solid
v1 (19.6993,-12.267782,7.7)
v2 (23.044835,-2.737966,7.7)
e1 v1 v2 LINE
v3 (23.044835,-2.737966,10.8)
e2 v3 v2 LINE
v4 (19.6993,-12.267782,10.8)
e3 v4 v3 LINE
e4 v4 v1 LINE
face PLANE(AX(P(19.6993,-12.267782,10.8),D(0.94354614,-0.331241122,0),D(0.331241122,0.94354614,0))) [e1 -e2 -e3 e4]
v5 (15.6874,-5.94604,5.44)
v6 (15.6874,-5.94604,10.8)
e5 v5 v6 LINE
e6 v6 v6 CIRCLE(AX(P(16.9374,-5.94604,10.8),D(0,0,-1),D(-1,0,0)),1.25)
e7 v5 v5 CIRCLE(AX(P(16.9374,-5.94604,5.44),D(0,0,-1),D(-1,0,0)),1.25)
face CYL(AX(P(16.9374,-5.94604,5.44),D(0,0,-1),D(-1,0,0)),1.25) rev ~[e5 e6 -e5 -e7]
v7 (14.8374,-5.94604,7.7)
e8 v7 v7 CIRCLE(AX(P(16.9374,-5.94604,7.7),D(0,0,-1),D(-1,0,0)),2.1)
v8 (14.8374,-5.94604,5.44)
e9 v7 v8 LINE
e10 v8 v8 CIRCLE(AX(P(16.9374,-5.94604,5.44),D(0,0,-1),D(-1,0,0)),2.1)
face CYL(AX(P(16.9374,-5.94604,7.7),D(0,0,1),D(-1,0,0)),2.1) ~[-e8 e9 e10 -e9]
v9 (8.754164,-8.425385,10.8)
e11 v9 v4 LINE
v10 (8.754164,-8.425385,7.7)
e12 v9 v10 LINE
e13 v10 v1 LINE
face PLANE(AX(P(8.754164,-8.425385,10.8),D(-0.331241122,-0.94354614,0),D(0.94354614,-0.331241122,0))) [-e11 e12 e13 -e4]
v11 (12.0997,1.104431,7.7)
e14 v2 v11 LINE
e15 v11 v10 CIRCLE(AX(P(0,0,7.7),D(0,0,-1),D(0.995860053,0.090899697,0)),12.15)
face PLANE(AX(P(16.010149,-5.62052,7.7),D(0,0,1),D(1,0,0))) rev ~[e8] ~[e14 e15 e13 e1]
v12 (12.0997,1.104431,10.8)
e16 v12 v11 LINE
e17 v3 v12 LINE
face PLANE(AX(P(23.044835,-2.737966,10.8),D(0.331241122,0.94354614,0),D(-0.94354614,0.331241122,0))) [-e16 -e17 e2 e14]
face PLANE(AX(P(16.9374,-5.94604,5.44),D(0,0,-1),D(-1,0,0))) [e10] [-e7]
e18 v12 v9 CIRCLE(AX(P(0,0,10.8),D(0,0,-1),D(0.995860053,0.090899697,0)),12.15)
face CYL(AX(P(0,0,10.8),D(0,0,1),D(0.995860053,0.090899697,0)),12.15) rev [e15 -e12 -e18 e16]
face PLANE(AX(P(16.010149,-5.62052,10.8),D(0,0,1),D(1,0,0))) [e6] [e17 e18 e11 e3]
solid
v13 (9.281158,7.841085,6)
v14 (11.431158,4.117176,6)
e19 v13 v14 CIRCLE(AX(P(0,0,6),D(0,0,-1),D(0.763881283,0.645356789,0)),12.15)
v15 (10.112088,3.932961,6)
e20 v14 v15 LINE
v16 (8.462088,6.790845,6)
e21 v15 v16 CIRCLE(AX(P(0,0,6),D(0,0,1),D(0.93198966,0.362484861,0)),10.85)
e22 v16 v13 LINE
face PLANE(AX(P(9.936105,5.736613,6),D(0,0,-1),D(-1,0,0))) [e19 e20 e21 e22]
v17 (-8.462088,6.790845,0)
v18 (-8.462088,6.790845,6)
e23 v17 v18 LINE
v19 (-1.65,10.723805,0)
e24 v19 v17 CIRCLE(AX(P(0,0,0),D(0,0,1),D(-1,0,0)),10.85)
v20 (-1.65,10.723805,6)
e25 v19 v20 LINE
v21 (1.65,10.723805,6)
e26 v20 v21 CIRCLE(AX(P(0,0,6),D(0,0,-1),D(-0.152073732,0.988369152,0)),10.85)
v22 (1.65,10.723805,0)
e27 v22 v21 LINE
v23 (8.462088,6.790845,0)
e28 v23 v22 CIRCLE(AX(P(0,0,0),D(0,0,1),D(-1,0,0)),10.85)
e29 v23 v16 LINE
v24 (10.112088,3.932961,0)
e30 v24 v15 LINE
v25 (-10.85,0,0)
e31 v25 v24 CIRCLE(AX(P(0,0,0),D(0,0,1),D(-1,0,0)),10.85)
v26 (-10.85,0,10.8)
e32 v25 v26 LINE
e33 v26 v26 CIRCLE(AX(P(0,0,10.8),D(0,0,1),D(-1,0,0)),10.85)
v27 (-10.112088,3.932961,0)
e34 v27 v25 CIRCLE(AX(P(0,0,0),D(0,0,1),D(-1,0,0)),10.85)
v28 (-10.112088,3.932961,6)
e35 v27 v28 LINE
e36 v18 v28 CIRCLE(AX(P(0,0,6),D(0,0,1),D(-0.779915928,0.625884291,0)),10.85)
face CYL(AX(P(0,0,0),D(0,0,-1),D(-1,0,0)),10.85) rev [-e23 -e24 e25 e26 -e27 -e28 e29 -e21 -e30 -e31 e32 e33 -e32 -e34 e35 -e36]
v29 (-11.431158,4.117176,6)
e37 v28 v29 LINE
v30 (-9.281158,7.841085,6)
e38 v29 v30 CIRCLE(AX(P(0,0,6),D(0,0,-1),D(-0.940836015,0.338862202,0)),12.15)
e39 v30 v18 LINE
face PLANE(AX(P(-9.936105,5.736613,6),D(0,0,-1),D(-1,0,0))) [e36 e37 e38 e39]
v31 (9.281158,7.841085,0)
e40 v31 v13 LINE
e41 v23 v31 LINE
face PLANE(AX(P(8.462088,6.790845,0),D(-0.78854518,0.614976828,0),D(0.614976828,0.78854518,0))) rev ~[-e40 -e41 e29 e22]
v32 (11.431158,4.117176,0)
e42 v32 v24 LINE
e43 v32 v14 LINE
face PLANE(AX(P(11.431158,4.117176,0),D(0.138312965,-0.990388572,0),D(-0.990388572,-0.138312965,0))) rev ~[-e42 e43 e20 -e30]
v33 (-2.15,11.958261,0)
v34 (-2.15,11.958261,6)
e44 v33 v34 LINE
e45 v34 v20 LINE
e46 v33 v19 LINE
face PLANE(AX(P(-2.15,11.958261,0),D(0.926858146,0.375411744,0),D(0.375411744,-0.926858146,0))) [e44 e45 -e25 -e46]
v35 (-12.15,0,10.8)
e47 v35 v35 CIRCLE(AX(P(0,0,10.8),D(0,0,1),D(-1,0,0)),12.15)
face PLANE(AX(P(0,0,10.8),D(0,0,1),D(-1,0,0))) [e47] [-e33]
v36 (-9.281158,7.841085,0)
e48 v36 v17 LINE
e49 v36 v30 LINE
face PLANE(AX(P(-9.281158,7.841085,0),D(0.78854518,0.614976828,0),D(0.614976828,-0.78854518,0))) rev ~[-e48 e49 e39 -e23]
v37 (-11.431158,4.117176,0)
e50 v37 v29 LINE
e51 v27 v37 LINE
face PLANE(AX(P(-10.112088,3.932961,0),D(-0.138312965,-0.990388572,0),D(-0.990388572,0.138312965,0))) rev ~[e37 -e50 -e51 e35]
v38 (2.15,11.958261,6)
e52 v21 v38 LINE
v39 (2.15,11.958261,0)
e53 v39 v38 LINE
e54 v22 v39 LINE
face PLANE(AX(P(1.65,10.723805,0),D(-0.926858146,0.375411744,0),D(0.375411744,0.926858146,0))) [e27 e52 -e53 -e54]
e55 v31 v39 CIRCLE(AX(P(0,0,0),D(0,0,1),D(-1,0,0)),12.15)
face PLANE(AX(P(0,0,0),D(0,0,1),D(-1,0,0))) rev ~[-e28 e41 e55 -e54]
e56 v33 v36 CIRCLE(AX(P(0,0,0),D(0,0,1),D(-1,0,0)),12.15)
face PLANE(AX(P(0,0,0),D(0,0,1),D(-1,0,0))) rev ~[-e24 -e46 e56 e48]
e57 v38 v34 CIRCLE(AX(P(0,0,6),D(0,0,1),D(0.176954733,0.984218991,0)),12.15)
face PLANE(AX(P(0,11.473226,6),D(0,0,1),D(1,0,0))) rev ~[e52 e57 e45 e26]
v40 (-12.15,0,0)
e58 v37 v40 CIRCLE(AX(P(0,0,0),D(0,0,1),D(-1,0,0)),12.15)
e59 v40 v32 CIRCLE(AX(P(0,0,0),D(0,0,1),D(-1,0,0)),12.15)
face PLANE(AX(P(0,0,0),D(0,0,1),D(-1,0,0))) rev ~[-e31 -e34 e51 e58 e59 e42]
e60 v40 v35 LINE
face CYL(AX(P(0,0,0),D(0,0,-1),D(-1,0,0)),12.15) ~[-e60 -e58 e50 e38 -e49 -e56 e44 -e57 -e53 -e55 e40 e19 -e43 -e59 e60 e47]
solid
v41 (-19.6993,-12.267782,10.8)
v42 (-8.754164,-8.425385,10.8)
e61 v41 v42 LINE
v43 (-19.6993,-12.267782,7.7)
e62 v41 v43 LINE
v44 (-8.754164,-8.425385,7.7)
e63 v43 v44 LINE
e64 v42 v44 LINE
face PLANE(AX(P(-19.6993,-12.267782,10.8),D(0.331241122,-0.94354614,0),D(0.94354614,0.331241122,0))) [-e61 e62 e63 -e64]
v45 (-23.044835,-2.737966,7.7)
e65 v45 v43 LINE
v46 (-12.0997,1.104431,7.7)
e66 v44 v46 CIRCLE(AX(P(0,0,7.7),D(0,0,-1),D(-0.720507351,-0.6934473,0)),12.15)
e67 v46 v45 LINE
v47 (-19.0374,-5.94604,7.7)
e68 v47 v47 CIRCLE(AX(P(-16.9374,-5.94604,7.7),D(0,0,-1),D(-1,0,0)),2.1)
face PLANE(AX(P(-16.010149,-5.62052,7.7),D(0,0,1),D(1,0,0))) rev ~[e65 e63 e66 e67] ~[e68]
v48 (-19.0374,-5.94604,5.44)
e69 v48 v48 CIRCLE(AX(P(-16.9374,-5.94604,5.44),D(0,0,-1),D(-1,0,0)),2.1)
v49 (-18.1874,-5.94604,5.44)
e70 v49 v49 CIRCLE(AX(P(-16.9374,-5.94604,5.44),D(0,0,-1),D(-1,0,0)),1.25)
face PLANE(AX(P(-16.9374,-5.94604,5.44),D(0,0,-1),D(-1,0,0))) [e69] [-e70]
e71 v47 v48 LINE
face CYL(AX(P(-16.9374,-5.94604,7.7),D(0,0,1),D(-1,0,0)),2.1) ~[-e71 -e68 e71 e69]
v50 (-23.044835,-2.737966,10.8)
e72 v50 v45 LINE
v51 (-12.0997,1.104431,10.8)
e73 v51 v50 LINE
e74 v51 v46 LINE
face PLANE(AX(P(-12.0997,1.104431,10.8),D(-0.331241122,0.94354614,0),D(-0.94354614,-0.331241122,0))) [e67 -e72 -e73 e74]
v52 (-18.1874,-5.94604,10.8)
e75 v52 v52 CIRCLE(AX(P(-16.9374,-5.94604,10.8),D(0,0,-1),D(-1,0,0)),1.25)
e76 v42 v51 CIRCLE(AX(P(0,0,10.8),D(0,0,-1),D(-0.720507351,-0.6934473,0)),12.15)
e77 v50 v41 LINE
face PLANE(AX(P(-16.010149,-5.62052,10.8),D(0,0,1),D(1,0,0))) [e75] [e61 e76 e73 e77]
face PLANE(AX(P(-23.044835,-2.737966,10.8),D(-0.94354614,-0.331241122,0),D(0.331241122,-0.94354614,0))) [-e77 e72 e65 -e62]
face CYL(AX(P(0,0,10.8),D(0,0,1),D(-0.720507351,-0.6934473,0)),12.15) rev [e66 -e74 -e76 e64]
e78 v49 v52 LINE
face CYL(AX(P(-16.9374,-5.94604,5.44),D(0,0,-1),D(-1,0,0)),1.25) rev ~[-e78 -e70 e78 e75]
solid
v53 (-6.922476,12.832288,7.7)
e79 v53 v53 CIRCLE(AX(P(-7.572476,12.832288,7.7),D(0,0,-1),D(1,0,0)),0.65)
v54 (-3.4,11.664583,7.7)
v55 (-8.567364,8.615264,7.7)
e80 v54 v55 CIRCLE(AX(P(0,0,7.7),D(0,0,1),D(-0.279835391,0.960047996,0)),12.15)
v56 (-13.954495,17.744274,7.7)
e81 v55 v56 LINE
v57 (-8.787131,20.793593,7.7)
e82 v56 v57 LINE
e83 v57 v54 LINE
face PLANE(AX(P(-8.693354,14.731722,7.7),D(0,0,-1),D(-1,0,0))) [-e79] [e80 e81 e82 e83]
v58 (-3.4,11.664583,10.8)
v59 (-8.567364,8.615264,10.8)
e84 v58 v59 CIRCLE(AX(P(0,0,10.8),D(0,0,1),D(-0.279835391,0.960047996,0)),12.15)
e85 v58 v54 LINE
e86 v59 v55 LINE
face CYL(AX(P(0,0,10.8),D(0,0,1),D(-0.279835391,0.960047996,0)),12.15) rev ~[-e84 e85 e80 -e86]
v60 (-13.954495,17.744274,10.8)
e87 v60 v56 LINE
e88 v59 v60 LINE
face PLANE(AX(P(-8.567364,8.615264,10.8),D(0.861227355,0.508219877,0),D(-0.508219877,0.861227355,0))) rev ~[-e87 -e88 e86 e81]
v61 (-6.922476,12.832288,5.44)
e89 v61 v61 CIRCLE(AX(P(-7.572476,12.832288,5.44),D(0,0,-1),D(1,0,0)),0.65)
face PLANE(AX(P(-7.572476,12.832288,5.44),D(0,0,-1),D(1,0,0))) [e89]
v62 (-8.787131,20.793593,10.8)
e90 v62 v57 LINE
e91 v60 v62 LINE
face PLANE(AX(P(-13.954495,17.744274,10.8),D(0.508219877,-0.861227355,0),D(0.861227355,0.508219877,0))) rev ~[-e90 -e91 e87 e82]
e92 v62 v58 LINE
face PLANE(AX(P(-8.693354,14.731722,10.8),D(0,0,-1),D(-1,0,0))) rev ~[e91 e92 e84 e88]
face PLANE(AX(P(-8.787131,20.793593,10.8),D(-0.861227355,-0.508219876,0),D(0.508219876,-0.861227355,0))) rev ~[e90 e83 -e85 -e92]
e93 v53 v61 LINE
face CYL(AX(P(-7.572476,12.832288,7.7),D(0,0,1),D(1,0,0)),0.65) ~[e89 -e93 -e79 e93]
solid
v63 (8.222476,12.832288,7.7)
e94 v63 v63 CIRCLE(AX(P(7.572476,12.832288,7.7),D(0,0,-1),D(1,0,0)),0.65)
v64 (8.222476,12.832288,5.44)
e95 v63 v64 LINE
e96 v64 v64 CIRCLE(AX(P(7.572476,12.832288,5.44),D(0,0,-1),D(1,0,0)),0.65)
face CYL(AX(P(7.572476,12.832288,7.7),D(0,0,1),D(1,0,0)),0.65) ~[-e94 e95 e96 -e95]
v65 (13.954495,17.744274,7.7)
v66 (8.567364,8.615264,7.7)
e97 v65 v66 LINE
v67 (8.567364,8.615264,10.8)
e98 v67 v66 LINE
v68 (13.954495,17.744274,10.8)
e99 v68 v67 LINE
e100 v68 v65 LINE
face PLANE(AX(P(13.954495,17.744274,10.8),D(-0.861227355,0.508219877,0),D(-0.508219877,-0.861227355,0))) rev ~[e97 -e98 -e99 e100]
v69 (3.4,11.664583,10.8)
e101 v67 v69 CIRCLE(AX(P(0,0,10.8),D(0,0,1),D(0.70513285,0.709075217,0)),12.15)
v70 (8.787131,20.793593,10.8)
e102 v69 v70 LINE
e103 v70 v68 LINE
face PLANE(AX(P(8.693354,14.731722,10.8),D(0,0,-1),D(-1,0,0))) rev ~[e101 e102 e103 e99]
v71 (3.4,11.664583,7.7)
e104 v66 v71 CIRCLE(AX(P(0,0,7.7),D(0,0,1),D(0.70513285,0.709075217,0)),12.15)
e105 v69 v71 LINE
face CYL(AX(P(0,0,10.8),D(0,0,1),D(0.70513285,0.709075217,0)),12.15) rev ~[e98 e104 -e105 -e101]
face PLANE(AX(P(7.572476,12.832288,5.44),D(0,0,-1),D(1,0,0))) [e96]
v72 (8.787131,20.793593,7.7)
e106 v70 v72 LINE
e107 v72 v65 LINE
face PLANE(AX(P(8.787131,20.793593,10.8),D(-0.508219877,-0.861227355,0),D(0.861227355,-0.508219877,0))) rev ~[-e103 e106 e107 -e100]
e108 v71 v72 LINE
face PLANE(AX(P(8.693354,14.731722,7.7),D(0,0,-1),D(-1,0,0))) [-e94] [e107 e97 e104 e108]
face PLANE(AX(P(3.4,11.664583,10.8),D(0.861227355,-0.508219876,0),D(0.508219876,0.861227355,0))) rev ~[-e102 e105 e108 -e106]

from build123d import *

# Parameters (mm, degrees)
IZIM1_R                       = 12.15
IZIM1_R_2                     = 10.85
Y_KSEKLIK_EKSTR_ZYON2_DEPTH   = 10.8
KES_EKSTR_ZYON1_DEPTH         = 6
Y_KSEKLIK_EKSTR_ZYON3_DEPTH   = 3.1
Y_KSEKLIK_EKSTR_ZYON3_2_DEPTH = 3.1
Y_KSEKLIK_EKSTR_ZYON3_3_DEPTH = 3.1
Y_KSEKLIK_EKSTR_ZYON3_4_DEPTH = 3.1
IZIM4_R                       = 0.65
IZIM4_R_2                     = 2.1
Y_KSEKLIK_EKSTR_ZYON4_DEPTH   = 2.26
IZIM5_R                       = 1.25
KES_EKSTR_ZYON2_DEPTH         = 5.36


with BuildPart() as part:
    # Çizim1 → Yükseklik-Ekstrüzyon2 (new body)
    with BuildSketch(Plane.XY):
        with Locations(Location((0, 0, 0), (0, 0, 180))):
            Circle(IZIM1_R)
        with Locations(Location((0, 0, 0), (0, 0, 180))):
            Circle(IZIM1_R_2, mode=Mode.SUBTRACT)
    extrude(amount=Y_KSEKLIK_EKSTR_ZYON2_DEPTH)

    # Çizim2 → Kes-Ekstrüzyon1 (cut)
    with BuildSketch(Plane.XY):
        with BuildLine():
            Line((1.65, 10.723805295), (2.15, 11.958260743))
            ThreePointArc((2.15, 11.958260743), (0, 12.15), (-2.15, 11.958260743))
            Line((-2.15, 11.958260743), (-1.65, 10.723805295))
            ThreePointArc((-1.65, 10.723805295), (0, 10.85), (1.65, 10.723805295))
        make_face()
        with BuildLine():
            Line((8.462087811, 6.790844564), (9.281157589, 7.84108499))
            ThreePointArc((9.281157589, 7.84108499), (10.522208656, 6.075), (11.431157589, 4.117175753))
            Line((11.431157589, 4.117175753), (10.112087811, 3.932960731))
            ThreePointArc((10.112087811, 3.932960731), (9.396375631, 5.425), (8.462087811, 6.790844564))
        make_face()
        with BuildLine():
            Line((-10.112087811, 3.932960731), (-11.431157589, 4.117175753))
            ThreePointArc((-11.431157589, 4.117175753), (-10.522208656, 6.075), (-9.281157589, 7.84108499))
            Line((-9.281157589, 7.84108499), (-8.462087811, 6.790844564))
            ThreePointArc((-8.462087811, 6.790844564), (-9.396375631, 5.425), (-10.112087811, 3.932960731))
        make_face()
    extrude(amount=KES_EKSTR_ZYON1_DEPTH, mode=Mode.SUBTRACT)


with BuildPart() as body_2:
    # Çizim3 → Yükseklik-Ekstrüzyon3 (new body)
    with BuildSketch(Plane.XY.offset(10.8)):
        with BuildLine():
            Line((3.4, 11.664583147), (8.787130691, 20.793593111))
            Line((8.787130691, 20.793593111), (13.954494822, 17.744273851))
            Line((13.954494822, 17.744273851), (8.56736413, 8.615263888))
            ThreePointArc((8.56736413, 8.615263888), (6.1748715, 10.463912364), (3.4, 11.664583147))
        make_face()
    extrude(amount=-Y_KSEKLIK_EKSTR_ZYON3_DEPTH)



with BuildPart() as body_3:
    # Çizim3 → Y_kseklik-Ekstr_zyon3 2 (new body)
    with BuildSketch(Plane.XY.offset(10.8)):
        with BuildLine():
            Line((-8.56736413, 8.615263888), (-13.954494822, 17.744273851))
            Line((-13.954494822, 17.744273851), (-8.787130691, 20.793593111))
            Line((-8.787130691, 20.793593111), (-3.4, 11.664583147))
            ThreePointArc((-3.4, 11.664583147), (-6.1748715, 10.463912364), (-8.56736413, 8.615263888))
        make_face()
    extrude(amount=-Y_KSEKLIK_EKSTR_ZYON3_2_DEPTH)


with BuildPart() as body_4:
    # Çizim3 → Y_kseklik-Ekstr_zyon3 3 (new body)
    with BuildSketch(Plane.XY.offset(10.8)):
        with BuildLine():
            Line((8.754164309, -8.425384695), (19.699299537, -12.267781713))
            Line((19.699299537, -12.267781713), (23.044834871, -2.737965695))
            Line((23.044834871, -2.737965695), (12.099699643, 1.104431323))
            ThreePointArc((12.099699643, 1.104431323), (11.464085605, -4.024579635), (8.754164309, -8.425384695))
        make_face()
    extrude(amount=-Y_KSEKLIK_EKSTR_ZYON3_3_DEPTH)


with BuildPart() as body_5:
    # Çizim3 → Y_kseklik-Ekstr_zyon3 4 (new body)
    with BuildSketch(Plane.XY.offset(10.8)):
        with BuildLine():
            Line((-12.099699643, 1.104431323), (-23.044834871, -2.737965695))
            Line((-23.044834871, -2.737965695), (-19.699299537, -12.267781713))
            Line((-19.699299537, -12.267781713), (-8.754164309, -8.425384695))
            ThreePointArc((-8.754164309, -8.425384695), (-11.464085605, -4.024579635), (-12.099699643, 1.104431323))
        make_face()
    extrude(amount=-Y_KSEKLIK_EKSTR_ZYON3_4_DEPTH)


with BuildPart() as body_2_1:
    add(body_2.part)

    add(body_3.part)  # Yükseklik-Ekstrüzyon4 merges body 3

    add(body_4.part)  # Yükseklik-Ekstrüzyon4 merges body 4

    add(body_5.part)  # Yükseklik-Ekstrüzyon4 merges body 5
    # Çizim4 → Yükseklik-Ekstrüzyon4 (add)
    with BuildSketch(Plane(origin=(0, 0, 7.7), x_dir=(-1, 0, 0), z_dir=(0, 0, -1))):
        with Locations(Location((7.572476161, 12.83228759, 0), (0, 0, 180))):
            Circle(IZIM4_R)
        with Locations(Location((-7.572476161, 12.83228759, 0), (0, 0, 180))):
            Circle(IZIM4_R)
        with Locations((16.937400344, -5.946040429)):
            Circle(IZIM4_R_2)
        with Locations((-16.937400344, -5.946040429)):
            Circle(IZIM4_R_2)
    extrude(amount=Y_KSEKLIK_EKSTR_ZYON4_DEPTH)

    # Çizim5 → Kes-Ekstrüzyon2 (cut)
    with BuildSketch(Plane(origin=(0, 0, 5.44), x_dir=(-1, 0, 0), z_dir=(0, 0, -1))):
        with Locations((16.937400344, -5.946040429)):
            Circle(IZIM5_R)
        with Locations((-16.937400344, -5.946040429)):
            Circle(IZIM5_R)
    extrude(amount=-KES_EKSTR_ZYON2_DEPTH, mode=Mode.SUBTRACT)


solid = Compound([part.part, body_2_1.part])
